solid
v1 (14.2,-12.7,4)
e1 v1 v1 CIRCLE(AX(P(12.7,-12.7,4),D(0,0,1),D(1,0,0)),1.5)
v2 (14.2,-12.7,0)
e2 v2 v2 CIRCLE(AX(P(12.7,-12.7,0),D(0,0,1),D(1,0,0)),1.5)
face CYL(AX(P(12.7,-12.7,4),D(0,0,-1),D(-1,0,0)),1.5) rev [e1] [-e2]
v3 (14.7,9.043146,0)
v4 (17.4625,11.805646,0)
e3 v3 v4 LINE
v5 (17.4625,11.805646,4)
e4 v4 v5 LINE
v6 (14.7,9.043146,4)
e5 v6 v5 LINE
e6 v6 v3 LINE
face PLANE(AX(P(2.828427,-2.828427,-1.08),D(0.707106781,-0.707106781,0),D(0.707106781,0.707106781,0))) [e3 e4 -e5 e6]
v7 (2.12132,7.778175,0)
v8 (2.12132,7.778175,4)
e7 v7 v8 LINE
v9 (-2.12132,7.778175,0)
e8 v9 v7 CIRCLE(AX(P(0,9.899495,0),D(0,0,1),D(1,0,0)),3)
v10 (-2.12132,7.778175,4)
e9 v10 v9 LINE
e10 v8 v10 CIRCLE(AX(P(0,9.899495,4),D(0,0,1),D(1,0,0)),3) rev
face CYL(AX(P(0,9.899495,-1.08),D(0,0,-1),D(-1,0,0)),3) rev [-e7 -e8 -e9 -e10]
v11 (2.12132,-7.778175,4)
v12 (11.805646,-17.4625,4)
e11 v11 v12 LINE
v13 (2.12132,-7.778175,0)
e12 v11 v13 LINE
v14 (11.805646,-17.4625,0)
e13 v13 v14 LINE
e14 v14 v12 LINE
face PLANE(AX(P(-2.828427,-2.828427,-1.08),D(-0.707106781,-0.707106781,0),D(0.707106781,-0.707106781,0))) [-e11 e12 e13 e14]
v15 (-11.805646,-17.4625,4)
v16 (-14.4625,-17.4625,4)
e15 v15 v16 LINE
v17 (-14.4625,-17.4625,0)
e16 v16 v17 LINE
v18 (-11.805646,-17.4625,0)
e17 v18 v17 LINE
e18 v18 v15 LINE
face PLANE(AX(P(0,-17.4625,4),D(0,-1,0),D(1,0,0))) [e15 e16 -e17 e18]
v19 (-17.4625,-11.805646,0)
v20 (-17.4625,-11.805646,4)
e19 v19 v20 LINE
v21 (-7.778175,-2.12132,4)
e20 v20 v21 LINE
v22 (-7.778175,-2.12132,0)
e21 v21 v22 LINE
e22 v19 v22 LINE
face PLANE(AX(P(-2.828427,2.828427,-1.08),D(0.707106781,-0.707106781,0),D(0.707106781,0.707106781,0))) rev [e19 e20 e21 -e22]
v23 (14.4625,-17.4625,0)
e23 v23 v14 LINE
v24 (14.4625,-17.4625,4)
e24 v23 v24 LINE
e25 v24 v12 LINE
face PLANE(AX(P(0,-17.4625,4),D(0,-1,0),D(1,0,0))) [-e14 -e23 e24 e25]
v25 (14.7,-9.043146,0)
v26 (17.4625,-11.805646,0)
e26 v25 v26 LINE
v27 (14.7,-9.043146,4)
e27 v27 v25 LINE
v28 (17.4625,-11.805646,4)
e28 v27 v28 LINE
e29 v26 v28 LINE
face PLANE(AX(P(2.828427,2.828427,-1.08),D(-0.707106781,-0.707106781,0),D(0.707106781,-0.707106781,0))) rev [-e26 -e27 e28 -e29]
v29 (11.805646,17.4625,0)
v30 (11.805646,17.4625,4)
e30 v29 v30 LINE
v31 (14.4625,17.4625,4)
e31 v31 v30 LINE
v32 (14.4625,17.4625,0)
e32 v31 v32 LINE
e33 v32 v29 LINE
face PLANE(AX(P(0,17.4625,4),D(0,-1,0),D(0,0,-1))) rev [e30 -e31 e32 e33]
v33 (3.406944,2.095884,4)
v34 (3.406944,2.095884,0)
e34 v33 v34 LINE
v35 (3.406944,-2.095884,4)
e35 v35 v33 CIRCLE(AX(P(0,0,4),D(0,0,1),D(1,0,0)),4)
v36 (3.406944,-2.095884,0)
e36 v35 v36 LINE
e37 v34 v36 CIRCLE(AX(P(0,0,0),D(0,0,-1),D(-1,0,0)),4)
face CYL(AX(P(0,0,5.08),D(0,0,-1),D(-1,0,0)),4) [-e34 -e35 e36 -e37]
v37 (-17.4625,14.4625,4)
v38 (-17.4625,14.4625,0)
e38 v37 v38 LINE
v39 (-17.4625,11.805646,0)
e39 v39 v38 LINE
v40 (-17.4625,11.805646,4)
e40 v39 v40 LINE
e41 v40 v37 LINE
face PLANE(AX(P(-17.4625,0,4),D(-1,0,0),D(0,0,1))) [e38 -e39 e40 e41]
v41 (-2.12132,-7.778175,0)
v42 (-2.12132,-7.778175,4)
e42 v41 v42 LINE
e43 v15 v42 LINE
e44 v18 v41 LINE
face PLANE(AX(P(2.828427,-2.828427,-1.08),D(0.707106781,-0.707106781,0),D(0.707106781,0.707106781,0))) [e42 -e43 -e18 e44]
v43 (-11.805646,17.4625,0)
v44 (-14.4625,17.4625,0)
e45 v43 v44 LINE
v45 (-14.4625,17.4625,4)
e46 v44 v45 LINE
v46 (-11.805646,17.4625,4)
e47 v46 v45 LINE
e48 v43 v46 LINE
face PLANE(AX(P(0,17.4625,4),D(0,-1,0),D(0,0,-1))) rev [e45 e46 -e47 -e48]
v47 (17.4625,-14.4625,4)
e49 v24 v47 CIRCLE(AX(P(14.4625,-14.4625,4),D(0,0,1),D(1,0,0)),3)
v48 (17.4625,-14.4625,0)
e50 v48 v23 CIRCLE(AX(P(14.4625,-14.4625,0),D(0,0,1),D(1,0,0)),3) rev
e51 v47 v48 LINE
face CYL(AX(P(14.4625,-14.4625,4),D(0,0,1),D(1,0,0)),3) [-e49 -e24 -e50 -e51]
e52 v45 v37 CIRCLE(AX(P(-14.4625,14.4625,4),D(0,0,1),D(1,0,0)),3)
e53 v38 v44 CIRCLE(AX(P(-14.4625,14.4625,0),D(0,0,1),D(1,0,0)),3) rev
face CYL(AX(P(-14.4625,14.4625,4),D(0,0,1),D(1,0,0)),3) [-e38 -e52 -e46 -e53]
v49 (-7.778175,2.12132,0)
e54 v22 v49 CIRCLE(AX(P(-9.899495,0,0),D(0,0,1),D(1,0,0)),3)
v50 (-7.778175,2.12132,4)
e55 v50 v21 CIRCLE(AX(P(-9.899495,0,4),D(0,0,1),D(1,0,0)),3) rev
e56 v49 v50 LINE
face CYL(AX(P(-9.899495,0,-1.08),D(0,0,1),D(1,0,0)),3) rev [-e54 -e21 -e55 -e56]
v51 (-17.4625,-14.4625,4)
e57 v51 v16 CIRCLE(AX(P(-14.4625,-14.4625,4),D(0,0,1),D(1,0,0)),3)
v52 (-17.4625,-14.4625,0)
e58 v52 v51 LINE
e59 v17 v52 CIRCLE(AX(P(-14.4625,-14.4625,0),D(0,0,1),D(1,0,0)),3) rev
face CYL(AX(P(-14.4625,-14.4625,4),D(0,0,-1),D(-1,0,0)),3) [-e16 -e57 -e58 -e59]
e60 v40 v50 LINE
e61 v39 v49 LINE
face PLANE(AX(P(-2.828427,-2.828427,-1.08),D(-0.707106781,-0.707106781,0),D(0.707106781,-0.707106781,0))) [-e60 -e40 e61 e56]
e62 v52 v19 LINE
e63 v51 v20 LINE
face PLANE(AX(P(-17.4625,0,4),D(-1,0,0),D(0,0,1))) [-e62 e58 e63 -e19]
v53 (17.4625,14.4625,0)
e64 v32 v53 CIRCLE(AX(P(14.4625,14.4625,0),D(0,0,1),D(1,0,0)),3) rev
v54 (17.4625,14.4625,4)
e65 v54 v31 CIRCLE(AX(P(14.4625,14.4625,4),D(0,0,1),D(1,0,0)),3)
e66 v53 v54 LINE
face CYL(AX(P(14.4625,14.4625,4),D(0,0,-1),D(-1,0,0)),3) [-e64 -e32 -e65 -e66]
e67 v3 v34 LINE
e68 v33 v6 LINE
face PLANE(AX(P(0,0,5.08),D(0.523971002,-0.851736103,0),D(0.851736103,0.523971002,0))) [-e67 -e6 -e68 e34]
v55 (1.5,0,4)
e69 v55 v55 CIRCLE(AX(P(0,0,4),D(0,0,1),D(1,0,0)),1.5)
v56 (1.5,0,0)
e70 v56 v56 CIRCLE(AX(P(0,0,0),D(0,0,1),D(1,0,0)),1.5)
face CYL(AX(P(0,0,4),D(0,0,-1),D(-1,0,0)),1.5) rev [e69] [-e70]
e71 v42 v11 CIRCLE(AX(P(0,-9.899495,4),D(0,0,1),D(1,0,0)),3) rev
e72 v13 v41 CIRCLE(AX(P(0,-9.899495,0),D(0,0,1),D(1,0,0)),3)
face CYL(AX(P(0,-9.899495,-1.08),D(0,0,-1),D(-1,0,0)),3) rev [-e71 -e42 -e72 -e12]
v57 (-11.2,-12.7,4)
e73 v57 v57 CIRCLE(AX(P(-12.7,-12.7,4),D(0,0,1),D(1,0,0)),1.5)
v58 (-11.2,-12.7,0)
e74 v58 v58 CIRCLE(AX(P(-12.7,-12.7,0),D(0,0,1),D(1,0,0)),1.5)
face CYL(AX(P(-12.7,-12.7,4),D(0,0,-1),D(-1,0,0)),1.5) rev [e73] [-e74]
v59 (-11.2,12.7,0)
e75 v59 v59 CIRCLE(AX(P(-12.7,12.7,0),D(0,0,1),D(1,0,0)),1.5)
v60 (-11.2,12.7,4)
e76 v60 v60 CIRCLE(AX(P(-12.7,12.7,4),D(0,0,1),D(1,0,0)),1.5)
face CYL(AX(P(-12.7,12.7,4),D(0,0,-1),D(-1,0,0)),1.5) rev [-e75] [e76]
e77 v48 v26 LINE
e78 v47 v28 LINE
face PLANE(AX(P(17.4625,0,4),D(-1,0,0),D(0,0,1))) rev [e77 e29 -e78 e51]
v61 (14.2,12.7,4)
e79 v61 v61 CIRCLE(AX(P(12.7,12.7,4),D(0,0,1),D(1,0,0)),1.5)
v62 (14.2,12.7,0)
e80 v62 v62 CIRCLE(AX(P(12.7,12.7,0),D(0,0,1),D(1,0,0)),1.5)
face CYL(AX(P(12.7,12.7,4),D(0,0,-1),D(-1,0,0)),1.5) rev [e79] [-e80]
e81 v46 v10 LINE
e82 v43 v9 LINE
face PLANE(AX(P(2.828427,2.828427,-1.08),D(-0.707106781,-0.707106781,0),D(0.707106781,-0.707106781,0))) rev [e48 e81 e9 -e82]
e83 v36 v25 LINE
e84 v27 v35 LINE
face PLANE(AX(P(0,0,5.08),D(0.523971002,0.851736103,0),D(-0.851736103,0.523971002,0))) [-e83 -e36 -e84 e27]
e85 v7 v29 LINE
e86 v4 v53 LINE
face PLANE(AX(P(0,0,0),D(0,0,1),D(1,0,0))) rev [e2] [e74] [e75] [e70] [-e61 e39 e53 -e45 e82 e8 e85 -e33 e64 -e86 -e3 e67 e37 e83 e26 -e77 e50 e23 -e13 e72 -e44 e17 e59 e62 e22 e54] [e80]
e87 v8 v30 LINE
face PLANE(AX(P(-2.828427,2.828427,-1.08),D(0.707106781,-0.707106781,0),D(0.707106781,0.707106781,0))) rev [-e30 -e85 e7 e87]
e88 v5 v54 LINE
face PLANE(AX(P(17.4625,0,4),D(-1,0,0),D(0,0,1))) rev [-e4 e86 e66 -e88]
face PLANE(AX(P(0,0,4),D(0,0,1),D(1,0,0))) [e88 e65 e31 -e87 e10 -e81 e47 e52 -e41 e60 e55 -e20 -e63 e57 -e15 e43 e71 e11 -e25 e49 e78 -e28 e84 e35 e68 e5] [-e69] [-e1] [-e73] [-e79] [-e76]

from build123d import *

# Parameters (mm, degrees)
SKETCH1_W           = 34.925
SKETCH1_H           = 34.925
SKETCH1_R           = 1.5
BOSS_EXTRUDE1_DEPTH = 4
CUT_EXTRUDE1_DEPTH  = 5.08
FILLET1_R           = 3
CUT_EXTRUDE2_DEPTH  = 5.08


with BuildPart() as part:
    # Sketch1 → Boss-Extrude1 (new body)
    with BuildSketch(Plane.XY):
        Rectangle(SKETCH1_W, SKETCH1_H)
        with Locations((-12.7, 12.7)):
            Circle(SKETCH1_R, mode=Mode.SUBTRACT)
        with Locations((12.7, 12.7)):
            Circle(SKETCH1_R, mode=Mode.SUBTRACT)
        with Locations((-12.7, -12.7)):
            Circle(SKETCH1_R, mode=Mode.SUBTRACT)
        with Locations((12.7, -12.7)):
            Circle(SKETCH1_R, mode=Mode.SUBTRACT)
        Circle(SKETCH1_R, mode=Mode.SUBTRACT)
    extrude(amount=BOSS_EXTRUDE1_DEPTH)

    # Sketch2 → Cut-Extrude1 (cut)
    with BuildSketch(Plane.XY.offset(4)):
        Polygon((-5.656854249, 0), (-17.4625, 11.805645751), (-17.4625, -11.805645751), align=None)
        Polygon((-11.805645751, 17.4625), (0, 5.656854249), (11.805645751, 17.4625), align=None)
        Polygon((17.4625, 11.805645751), (5.656854249, 0), (17.4625, -11.805645751), align=None)
        Polygon((11.805645751, -17.4625), (0, -5.656854249), (-11.805645751, -17.4625), align=None)
    extrude(amount=-CUT_EXTRUDE1_DEPTH, mode=Mode.SUBTRACT)

    # Fillet1
    fillet1_edges = [part.edges().sort_by_distance(p)[0] for p in [
        (-17.4625, 17.4625, 2),
        (17.4625, 17.4625, 2),
        (17.4625, -17.4625, 2),
        (-17.4625, -17.4625, 2),
        (5.656854249, 0, 2),
        (0, 5.656854249, 2),
        (0, -5.656854249, 2),
        (-5.656854249, 0, 2),
    ]]
    fillet(fillet1_edges, radius=FILLET1_R)

    # Sketch3 → Cut-Extrude2 (cut)
    with BuildSketch(Plane(origin=(0, 0, 0), x_dir=(-1, 0, 0), z_dir=(0, 0, -1))):
        with BuildLine():
            Line((-14.7, -9.043145751), (-3.406944413, -2.095884006))
            ThreePointArc((-3.406944413, -2.095884006), (-4, 0), (-3.406944413, 2.095884006))
            Line((-3.406944413, 2.095884006), (-14.7, 9.043145751))
            Line((-14.7, 9.043145751), (-7.778174593, 2.121320344))
            ThreePointArc((-7.778174593, 2.121320344), (-6.899494937, 0), (-7.778174593, -2.121320344))
            Line((-7.778174593, -2.121320344), (-14.7, -9.043145751))
        make_face()
    extrude(amount=-CUT_EXTRUDE2_DEPTH, mode=Mode.SUBTRACT)


solid = part.part
